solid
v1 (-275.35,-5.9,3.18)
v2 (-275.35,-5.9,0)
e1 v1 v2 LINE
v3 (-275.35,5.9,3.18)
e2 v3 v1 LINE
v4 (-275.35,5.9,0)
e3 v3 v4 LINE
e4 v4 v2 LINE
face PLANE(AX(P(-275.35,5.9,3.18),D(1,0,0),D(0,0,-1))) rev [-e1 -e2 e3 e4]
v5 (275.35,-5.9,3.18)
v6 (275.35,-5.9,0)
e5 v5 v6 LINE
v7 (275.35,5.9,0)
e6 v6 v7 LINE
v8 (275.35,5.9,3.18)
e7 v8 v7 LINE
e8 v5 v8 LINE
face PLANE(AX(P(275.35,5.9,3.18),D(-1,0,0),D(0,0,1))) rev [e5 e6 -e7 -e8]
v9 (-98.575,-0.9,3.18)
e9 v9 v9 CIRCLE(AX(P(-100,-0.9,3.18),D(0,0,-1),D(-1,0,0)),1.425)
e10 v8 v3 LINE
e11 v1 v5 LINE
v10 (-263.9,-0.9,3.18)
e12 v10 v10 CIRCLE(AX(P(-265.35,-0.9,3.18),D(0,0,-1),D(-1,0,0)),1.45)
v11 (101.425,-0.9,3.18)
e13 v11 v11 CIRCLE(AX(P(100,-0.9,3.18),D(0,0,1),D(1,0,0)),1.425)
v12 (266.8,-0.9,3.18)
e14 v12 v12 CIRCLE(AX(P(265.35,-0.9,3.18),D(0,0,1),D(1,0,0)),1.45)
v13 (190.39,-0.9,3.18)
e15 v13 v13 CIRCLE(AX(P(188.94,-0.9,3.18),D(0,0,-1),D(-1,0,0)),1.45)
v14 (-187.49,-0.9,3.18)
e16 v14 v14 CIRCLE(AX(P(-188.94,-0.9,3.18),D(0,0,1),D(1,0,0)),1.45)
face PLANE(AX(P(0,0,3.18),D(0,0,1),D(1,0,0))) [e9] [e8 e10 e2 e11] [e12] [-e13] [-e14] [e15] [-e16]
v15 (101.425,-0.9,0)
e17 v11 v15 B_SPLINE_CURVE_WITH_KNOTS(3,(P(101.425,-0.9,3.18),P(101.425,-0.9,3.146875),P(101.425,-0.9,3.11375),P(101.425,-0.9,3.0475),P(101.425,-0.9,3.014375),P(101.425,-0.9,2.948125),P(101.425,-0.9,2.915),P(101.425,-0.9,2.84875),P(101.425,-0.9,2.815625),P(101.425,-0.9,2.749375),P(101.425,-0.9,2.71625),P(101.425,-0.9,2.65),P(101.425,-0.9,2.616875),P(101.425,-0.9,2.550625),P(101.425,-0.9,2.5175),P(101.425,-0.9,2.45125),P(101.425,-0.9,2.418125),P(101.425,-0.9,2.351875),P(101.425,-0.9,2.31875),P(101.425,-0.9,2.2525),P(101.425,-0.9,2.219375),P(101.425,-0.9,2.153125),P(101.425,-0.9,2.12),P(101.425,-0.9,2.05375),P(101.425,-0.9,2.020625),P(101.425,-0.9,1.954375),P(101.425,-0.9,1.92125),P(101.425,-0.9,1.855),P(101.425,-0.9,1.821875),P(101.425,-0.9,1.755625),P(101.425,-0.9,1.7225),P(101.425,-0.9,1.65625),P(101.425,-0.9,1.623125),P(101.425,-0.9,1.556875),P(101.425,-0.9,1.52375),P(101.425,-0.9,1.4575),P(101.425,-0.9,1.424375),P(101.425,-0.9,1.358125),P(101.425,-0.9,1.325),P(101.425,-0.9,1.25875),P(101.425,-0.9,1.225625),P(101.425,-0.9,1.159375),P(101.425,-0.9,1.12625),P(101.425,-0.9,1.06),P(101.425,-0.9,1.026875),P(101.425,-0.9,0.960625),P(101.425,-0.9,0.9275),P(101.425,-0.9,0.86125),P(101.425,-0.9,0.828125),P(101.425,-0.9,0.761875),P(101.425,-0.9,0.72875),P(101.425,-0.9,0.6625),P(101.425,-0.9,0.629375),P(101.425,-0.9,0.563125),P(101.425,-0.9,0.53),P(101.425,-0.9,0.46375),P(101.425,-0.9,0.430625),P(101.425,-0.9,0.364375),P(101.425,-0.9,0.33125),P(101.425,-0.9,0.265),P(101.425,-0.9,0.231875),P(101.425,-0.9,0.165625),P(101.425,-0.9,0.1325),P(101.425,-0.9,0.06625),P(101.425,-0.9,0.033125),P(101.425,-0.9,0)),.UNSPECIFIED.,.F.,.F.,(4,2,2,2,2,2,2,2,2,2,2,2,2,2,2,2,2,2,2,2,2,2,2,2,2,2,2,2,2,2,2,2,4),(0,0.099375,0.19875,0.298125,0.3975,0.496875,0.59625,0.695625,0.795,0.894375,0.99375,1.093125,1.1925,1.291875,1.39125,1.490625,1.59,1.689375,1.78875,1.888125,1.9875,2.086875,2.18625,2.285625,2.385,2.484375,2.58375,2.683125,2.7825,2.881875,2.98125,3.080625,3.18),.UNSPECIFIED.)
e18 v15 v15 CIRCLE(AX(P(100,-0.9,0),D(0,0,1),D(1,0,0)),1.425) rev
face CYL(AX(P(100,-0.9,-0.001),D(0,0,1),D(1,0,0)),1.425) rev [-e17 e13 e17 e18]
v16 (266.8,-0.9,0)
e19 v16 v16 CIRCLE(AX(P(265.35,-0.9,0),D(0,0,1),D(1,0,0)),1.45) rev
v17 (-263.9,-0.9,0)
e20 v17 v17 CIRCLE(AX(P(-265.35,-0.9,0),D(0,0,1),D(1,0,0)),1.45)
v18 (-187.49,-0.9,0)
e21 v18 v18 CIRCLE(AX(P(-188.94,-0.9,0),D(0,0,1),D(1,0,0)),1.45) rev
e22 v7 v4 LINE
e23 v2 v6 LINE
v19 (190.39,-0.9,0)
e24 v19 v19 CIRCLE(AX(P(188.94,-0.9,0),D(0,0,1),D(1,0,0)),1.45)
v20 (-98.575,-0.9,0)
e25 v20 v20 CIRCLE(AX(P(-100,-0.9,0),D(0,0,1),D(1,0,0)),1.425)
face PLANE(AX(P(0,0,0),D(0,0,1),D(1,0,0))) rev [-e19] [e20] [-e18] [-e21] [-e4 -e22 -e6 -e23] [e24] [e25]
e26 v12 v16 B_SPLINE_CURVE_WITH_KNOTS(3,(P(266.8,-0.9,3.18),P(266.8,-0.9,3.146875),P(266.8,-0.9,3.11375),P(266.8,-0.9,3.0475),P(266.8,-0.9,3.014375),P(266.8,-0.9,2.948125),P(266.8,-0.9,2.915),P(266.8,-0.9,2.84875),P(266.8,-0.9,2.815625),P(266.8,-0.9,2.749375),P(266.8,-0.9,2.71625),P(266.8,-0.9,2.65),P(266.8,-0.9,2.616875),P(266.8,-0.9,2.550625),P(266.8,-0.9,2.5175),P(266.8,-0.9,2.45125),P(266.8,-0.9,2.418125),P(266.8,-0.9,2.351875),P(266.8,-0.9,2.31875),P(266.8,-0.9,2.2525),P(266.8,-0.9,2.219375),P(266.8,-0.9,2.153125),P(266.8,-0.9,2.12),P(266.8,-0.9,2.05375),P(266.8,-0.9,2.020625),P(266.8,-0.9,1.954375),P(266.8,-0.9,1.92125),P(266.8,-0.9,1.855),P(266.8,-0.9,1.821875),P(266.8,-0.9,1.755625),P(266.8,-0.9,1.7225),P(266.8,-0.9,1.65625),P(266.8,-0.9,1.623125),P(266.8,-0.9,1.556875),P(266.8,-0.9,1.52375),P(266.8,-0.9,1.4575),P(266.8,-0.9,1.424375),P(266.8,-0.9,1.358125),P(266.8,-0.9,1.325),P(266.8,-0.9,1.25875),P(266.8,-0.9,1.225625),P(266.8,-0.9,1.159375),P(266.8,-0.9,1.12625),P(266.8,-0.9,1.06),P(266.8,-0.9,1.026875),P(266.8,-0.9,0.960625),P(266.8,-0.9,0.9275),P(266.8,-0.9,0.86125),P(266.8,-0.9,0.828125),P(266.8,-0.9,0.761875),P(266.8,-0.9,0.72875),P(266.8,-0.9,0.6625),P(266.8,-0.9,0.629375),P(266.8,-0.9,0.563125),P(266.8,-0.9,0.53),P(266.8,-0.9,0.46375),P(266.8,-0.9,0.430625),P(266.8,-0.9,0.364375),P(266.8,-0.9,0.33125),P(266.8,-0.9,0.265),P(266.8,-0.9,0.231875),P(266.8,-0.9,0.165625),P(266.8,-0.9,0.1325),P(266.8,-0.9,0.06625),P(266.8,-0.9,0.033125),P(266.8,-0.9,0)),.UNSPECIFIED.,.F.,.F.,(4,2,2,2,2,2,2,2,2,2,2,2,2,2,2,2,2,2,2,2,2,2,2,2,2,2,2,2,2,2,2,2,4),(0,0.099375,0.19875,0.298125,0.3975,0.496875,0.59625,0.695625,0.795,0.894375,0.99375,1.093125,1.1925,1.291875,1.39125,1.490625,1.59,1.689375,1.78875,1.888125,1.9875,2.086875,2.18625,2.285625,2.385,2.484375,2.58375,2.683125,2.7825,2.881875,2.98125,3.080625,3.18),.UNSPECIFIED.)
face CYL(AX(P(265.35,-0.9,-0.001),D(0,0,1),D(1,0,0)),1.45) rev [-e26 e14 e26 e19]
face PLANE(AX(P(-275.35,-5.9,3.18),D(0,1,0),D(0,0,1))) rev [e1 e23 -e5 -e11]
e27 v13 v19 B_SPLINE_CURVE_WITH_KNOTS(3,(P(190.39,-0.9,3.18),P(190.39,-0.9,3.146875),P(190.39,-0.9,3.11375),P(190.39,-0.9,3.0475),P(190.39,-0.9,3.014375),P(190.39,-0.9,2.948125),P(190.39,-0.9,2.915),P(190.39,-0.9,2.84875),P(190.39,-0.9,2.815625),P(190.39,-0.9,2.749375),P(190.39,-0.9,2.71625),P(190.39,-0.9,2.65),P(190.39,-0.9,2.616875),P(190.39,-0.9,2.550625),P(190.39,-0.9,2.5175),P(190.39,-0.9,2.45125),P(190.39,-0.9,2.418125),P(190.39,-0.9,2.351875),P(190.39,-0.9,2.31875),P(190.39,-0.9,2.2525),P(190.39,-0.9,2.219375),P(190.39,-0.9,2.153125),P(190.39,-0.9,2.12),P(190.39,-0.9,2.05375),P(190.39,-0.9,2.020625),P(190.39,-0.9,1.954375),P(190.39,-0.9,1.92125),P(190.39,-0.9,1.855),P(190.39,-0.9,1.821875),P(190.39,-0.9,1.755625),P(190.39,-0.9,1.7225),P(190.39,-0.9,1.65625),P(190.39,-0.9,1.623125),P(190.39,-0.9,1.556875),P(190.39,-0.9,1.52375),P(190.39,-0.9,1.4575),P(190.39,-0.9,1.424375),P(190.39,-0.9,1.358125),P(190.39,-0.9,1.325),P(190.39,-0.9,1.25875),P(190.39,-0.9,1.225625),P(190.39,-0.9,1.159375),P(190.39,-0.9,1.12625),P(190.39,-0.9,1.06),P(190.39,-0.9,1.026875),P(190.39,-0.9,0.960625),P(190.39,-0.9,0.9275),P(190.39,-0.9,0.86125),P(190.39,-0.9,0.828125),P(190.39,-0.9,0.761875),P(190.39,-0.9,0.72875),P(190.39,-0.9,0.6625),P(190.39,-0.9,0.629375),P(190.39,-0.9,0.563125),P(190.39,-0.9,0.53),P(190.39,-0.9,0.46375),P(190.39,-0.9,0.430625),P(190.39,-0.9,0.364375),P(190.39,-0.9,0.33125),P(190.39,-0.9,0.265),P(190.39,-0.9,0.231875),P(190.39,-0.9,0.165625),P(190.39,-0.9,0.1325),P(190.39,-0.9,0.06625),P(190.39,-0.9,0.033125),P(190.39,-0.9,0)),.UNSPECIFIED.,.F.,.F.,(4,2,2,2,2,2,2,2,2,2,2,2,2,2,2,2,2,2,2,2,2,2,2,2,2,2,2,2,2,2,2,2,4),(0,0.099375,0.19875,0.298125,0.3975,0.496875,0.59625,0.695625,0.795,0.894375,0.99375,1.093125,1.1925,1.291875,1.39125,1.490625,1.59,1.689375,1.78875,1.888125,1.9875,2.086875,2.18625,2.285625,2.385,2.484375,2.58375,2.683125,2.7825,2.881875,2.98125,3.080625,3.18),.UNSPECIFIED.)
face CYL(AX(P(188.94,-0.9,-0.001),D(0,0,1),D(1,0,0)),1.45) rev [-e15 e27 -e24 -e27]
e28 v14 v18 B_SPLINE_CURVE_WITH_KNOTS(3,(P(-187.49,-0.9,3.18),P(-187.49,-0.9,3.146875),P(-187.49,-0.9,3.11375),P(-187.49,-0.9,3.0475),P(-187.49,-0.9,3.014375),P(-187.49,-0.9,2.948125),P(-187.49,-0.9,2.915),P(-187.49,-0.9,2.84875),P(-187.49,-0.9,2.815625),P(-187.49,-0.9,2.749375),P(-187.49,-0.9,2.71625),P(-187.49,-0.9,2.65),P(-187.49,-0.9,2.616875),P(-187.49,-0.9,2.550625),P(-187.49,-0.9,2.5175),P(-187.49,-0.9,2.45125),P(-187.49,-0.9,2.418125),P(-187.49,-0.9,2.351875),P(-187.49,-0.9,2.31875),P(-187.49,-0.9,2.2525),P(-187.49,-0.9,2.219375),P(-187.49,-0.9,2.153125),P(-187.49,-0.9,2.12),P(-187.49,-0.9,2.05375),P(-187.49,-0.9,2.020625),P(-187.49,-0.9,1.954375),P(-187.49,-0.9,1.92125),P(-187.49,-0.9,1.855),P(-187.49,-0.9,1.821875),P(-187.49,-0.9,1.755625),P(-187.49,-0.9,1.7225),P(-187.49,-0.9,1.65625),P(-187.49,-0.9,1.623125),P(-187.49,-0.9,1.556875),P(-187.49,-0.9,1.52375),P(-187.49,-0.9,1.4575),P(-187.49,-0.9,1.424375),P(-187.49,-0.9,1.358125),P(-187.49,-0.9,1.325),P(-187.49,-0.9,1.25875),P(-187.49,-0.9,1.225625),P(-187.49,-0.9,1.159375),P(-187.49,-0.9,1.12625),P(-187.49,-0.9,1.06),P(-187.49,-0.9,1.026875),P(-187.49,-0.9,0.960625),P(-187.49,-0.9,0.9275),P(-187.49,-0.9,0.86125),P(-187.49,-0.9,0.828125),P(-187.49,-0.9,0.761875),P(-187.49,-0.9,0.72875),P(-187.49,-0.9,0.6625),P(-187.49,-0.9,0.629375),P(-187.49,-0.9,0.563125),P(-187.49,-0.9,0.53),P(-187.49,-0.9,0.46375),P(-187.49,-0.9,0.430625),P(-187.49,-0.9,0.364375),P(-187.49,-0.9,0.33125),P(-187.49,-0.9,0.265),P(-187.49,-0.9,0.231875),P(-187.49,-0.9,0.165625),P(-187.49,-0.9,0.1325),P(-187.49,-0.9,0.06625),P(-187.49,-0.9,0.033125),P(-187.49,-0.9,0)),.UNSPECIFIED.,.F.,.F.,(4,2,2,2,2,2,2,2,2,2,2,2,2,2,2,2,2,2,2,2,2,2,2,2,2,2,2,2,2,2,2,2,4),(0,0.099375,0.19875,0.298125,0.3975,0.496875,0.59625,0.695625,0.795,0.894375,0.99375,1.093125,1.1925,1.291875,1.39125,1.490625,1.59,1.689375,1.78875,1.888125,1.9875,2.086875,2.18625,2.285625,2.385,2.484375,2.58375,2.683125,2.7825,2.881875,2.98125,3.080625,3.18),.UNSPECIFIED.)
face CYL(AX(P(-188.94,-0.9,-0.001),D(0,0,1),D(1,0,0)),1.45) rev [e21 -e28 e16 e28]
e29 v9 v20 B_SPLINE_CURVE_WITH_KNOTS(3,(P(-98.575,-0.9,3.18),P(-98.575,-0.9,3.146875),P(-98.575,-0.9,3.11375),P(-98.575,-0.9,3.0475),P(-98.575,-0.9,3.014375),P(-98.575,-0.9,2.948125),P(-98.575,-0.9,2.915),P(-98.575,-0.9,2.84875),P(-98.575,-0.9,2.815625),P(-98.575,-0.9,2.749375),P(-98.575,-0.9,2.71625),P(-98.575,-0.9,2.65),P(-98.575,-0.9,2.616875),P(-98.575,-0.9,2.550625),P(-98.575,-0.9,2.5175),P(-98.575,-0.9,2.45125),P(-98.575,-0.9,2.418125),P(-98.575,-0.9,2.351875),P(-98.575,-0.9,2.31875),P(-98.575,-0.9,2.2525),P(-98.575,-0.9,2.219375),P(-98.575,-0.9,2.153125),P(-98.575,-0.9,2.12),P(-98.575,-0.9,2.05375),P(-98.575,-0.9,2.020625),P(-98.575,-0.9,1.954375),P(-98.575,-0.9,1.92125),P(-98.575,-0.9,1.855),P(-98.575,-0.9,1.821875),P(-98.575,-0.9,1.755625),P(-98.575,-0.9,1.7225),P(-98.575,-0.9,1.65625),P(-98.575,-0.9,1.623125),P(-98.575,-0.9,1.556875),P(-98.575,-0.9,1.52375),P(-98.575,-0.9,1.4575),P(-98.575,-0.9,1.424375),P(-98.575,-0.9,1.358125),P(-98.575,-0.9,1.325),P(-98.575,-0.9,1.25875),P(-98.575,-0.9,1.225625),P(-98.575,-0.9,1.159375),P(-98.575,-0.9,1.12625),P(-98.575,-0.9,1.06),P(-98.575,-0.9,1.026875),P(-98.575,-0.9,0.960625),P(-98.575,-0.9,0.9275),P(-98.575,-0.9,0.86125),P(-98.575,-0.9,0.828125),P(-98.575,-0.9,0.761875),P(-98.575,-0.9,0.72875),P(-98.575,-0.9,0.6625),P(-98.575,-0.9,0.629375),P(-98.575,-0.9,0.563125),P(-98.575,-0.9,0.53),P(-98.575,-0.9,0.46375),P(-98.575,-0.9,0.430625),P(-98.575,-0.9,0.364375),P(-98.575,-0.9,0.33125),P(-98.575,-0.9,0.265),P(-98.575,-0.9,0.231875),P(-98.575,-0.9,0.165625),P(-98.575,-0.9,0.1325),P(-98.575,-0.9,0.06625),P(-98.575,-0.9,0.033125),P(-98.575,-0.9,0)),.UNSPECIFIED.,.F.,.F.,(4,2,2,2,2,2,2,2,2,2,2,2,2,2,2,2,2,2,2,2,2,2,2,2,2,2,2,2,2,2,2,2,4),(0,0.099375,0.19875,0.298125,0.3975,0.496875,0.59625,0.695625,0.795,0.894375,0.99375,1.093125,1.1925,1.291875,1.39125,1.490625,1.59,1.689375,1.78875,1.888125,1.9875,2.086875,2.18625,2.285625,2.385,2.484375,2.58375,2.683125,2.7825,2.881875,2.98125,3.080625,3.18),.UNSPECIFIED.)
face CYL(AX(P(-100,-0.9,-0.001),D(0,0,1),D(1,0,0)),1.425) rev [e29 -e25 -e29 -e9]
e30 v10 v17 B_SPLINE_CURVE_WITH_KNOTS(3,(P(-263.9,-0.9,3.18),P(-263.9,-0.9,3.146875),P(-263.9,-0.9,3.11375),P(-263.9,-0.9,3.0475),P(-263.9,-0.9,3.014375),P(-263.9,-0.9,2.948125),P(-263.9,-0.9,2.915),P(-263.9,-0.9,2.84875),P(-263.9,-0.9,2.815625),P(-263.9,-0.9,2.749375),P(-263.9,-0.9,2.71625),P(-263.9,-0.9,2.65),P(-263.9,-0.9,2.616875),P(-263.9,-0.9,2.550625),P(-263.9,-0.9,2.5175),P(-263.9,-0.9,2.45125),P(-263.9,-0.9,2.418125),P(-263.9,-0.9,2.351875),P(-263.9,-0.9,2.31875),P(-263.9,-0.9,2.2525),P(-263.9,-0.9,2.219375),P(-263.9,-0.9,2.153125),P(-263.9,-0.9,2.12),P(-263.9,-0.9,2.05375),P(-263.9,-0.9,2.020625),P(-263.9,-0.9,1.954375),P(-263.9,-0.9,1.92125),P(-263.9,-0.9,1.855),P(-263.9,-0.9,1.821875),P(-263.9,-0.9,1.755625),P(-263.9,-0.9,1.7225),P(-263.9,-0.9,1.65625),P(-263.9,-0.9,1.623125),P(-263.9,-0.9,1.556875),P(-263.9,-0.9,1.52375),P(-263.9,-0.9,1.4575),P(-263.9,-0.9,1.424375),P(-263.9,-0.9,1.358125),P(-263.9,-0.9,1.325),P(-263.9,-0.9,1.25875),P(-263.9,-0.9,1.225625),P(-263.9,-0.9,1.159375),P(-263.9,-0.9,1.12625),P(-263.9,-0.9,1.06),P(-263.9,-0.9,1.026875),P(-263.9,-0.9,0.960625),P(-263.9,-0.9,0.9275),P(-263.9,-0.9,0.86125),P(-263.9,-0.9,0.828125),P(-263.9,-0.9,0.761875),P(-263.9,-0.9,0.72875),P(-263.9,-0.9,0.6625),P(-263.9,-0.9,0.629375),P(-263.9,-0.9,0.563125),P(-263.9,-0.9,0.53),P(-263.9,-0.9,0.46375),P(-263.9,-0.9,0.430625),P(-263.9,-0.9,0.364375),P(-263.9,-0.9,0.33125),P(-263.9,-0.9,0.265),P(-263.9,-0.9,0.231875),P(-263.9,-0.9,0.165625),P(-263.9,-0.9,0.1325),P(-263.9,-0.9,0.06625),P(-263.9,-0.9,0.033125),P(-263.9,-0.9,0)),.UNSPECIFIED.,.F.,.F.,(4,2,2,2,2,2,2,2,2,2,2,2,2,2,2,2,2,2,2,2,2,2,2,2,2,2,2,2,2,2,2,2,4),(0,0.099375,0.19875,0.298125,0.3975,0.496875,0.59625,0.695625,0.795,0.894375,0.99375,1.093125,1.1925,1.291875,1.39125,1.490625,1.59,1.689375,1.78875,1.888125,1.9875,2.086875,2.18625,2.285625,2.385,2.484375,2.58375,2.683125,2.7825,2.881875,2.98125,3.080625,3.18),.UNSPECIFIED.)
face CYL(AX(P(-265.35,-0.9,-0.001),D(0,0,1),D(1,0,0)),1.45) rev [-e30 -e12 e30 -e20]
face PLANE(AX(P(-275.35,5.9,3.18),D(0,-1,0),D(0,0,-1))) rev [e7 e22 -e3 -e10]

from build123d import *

# Parameters (mm, degrees)
SKETCH1_W           = 550.7
SKETCH1_H           = 11.8
BOSS_EXTRUDE1_DEPTH = 3.18
CUT_EXTRUDE2_REACH  = 277.432
SKETCH3_R           = 1.425
CUT_EXTRUDE3_REACH  = 277.432
SKETCH2_R           = 1.45
CUT_EXTRUDE4_REACH  = 277.432
SKETCH4_R           = 1.45


with BuildPart() as part:
    # Sketch1 → Boss-Extrude1 (new body)
    with BuildSketch(Plane.XY):
        Rectangle(SKETCH1_W, SKETCH1_H)
    extrude(amount=BOSS_EXTRUDE1_DEPTH)

    # Sketch3 → Cut-Extrude2 (cut, up to next)
    with BuildSketch(Plane.XY.offset(3.18), mode=Mode.PRIVATE) as cut_extrude2_sk1:
        with Locations((100, -0.9)):
            Circle(SKETCH3_R)
    cut_extrude2_tool1 = extrude(cut_extrude2_sk1.sketch, amount=-CUT_EXTRUDE2_REACH, mode=Mode.PRIVATE) & part.part
    cut_extrude2 = cut_extrude2_tool1.solids().sort_by_distance((100, -0.9, 3.18))[0]
    add(cut_extrude2, mode=Mode.SUBTRACT)

    # Mirror2: Cut-Extrude2 across plane
    add(cut_extrude2.mirror(Plane(origin=(0, 0, 0), x_dir=(0, 0, 1), z_dir=(1, 0, 0))), mode=Mode.SUBTRACT)

    # Sketch2 → Cut-Extrude3 (cut, up to next)
    with BuildSketch(Plane.XY.offset(3.18), mode=Mode.PRIVATE) as cut_extrude3_sk1:
        with Locations((265.35, -0.9)):
            Circle(SKETCH2_R)
    cut_extrude3_tool1 = extrude(cut_extrude3_sk1.sketch, amount=-CUT_EXTRUDE3_REACH, mode=Mode.PRIVATE) & part.part
    cut_extrude3 = cut_extrude3_tool1.solids().sort_by_distance((265.35, -0.9, 3.18))[0]
    add(cut_extrude3, mode=Mode.SUBTRACT)

    # Mirror3: Cut-Extrude3 across plane
    add(cut_extrude3.mirror(Plane(origin=(0, 0, 0), x_dir=(0, 0, 1), z_dir=(1, 0, 0))), mode=Mode.SUBTRACT)

    # Sketch4 → Cut-Extrude4 (cut, up to next)
    with BuildSketch(Plane.XY.offset(3.18), mode=Mode.PRIVATE) as cut_extrude4_sk1:
        with Locations((-188.94, -0.9)):
            Circle(SKETCH4_R)
    cut_extrude4_tool1 = extrude(cut_extrude4_sk1.sketch, amount=-CUT_EXTRUDE4_REACH, mode=Mode.PRIVATE) & part.part
    cut_extrude4 = cut_extrude4_tool1.solids().sort_by_distance((-188.94, -0.9, 3.18))[0]
    add(cut_extrude4, mode=Mode.SUBTRACT)

    # Mirror4: Cut-Extrude4 across plane
    add(cut_extrude4.mirror(Plane(origin=(0, 0, 0), x_dir=(0, 0, 1), z_dir=(1, 0, 0))), mode=Mode.SUBTRACT)


solid = part.part
